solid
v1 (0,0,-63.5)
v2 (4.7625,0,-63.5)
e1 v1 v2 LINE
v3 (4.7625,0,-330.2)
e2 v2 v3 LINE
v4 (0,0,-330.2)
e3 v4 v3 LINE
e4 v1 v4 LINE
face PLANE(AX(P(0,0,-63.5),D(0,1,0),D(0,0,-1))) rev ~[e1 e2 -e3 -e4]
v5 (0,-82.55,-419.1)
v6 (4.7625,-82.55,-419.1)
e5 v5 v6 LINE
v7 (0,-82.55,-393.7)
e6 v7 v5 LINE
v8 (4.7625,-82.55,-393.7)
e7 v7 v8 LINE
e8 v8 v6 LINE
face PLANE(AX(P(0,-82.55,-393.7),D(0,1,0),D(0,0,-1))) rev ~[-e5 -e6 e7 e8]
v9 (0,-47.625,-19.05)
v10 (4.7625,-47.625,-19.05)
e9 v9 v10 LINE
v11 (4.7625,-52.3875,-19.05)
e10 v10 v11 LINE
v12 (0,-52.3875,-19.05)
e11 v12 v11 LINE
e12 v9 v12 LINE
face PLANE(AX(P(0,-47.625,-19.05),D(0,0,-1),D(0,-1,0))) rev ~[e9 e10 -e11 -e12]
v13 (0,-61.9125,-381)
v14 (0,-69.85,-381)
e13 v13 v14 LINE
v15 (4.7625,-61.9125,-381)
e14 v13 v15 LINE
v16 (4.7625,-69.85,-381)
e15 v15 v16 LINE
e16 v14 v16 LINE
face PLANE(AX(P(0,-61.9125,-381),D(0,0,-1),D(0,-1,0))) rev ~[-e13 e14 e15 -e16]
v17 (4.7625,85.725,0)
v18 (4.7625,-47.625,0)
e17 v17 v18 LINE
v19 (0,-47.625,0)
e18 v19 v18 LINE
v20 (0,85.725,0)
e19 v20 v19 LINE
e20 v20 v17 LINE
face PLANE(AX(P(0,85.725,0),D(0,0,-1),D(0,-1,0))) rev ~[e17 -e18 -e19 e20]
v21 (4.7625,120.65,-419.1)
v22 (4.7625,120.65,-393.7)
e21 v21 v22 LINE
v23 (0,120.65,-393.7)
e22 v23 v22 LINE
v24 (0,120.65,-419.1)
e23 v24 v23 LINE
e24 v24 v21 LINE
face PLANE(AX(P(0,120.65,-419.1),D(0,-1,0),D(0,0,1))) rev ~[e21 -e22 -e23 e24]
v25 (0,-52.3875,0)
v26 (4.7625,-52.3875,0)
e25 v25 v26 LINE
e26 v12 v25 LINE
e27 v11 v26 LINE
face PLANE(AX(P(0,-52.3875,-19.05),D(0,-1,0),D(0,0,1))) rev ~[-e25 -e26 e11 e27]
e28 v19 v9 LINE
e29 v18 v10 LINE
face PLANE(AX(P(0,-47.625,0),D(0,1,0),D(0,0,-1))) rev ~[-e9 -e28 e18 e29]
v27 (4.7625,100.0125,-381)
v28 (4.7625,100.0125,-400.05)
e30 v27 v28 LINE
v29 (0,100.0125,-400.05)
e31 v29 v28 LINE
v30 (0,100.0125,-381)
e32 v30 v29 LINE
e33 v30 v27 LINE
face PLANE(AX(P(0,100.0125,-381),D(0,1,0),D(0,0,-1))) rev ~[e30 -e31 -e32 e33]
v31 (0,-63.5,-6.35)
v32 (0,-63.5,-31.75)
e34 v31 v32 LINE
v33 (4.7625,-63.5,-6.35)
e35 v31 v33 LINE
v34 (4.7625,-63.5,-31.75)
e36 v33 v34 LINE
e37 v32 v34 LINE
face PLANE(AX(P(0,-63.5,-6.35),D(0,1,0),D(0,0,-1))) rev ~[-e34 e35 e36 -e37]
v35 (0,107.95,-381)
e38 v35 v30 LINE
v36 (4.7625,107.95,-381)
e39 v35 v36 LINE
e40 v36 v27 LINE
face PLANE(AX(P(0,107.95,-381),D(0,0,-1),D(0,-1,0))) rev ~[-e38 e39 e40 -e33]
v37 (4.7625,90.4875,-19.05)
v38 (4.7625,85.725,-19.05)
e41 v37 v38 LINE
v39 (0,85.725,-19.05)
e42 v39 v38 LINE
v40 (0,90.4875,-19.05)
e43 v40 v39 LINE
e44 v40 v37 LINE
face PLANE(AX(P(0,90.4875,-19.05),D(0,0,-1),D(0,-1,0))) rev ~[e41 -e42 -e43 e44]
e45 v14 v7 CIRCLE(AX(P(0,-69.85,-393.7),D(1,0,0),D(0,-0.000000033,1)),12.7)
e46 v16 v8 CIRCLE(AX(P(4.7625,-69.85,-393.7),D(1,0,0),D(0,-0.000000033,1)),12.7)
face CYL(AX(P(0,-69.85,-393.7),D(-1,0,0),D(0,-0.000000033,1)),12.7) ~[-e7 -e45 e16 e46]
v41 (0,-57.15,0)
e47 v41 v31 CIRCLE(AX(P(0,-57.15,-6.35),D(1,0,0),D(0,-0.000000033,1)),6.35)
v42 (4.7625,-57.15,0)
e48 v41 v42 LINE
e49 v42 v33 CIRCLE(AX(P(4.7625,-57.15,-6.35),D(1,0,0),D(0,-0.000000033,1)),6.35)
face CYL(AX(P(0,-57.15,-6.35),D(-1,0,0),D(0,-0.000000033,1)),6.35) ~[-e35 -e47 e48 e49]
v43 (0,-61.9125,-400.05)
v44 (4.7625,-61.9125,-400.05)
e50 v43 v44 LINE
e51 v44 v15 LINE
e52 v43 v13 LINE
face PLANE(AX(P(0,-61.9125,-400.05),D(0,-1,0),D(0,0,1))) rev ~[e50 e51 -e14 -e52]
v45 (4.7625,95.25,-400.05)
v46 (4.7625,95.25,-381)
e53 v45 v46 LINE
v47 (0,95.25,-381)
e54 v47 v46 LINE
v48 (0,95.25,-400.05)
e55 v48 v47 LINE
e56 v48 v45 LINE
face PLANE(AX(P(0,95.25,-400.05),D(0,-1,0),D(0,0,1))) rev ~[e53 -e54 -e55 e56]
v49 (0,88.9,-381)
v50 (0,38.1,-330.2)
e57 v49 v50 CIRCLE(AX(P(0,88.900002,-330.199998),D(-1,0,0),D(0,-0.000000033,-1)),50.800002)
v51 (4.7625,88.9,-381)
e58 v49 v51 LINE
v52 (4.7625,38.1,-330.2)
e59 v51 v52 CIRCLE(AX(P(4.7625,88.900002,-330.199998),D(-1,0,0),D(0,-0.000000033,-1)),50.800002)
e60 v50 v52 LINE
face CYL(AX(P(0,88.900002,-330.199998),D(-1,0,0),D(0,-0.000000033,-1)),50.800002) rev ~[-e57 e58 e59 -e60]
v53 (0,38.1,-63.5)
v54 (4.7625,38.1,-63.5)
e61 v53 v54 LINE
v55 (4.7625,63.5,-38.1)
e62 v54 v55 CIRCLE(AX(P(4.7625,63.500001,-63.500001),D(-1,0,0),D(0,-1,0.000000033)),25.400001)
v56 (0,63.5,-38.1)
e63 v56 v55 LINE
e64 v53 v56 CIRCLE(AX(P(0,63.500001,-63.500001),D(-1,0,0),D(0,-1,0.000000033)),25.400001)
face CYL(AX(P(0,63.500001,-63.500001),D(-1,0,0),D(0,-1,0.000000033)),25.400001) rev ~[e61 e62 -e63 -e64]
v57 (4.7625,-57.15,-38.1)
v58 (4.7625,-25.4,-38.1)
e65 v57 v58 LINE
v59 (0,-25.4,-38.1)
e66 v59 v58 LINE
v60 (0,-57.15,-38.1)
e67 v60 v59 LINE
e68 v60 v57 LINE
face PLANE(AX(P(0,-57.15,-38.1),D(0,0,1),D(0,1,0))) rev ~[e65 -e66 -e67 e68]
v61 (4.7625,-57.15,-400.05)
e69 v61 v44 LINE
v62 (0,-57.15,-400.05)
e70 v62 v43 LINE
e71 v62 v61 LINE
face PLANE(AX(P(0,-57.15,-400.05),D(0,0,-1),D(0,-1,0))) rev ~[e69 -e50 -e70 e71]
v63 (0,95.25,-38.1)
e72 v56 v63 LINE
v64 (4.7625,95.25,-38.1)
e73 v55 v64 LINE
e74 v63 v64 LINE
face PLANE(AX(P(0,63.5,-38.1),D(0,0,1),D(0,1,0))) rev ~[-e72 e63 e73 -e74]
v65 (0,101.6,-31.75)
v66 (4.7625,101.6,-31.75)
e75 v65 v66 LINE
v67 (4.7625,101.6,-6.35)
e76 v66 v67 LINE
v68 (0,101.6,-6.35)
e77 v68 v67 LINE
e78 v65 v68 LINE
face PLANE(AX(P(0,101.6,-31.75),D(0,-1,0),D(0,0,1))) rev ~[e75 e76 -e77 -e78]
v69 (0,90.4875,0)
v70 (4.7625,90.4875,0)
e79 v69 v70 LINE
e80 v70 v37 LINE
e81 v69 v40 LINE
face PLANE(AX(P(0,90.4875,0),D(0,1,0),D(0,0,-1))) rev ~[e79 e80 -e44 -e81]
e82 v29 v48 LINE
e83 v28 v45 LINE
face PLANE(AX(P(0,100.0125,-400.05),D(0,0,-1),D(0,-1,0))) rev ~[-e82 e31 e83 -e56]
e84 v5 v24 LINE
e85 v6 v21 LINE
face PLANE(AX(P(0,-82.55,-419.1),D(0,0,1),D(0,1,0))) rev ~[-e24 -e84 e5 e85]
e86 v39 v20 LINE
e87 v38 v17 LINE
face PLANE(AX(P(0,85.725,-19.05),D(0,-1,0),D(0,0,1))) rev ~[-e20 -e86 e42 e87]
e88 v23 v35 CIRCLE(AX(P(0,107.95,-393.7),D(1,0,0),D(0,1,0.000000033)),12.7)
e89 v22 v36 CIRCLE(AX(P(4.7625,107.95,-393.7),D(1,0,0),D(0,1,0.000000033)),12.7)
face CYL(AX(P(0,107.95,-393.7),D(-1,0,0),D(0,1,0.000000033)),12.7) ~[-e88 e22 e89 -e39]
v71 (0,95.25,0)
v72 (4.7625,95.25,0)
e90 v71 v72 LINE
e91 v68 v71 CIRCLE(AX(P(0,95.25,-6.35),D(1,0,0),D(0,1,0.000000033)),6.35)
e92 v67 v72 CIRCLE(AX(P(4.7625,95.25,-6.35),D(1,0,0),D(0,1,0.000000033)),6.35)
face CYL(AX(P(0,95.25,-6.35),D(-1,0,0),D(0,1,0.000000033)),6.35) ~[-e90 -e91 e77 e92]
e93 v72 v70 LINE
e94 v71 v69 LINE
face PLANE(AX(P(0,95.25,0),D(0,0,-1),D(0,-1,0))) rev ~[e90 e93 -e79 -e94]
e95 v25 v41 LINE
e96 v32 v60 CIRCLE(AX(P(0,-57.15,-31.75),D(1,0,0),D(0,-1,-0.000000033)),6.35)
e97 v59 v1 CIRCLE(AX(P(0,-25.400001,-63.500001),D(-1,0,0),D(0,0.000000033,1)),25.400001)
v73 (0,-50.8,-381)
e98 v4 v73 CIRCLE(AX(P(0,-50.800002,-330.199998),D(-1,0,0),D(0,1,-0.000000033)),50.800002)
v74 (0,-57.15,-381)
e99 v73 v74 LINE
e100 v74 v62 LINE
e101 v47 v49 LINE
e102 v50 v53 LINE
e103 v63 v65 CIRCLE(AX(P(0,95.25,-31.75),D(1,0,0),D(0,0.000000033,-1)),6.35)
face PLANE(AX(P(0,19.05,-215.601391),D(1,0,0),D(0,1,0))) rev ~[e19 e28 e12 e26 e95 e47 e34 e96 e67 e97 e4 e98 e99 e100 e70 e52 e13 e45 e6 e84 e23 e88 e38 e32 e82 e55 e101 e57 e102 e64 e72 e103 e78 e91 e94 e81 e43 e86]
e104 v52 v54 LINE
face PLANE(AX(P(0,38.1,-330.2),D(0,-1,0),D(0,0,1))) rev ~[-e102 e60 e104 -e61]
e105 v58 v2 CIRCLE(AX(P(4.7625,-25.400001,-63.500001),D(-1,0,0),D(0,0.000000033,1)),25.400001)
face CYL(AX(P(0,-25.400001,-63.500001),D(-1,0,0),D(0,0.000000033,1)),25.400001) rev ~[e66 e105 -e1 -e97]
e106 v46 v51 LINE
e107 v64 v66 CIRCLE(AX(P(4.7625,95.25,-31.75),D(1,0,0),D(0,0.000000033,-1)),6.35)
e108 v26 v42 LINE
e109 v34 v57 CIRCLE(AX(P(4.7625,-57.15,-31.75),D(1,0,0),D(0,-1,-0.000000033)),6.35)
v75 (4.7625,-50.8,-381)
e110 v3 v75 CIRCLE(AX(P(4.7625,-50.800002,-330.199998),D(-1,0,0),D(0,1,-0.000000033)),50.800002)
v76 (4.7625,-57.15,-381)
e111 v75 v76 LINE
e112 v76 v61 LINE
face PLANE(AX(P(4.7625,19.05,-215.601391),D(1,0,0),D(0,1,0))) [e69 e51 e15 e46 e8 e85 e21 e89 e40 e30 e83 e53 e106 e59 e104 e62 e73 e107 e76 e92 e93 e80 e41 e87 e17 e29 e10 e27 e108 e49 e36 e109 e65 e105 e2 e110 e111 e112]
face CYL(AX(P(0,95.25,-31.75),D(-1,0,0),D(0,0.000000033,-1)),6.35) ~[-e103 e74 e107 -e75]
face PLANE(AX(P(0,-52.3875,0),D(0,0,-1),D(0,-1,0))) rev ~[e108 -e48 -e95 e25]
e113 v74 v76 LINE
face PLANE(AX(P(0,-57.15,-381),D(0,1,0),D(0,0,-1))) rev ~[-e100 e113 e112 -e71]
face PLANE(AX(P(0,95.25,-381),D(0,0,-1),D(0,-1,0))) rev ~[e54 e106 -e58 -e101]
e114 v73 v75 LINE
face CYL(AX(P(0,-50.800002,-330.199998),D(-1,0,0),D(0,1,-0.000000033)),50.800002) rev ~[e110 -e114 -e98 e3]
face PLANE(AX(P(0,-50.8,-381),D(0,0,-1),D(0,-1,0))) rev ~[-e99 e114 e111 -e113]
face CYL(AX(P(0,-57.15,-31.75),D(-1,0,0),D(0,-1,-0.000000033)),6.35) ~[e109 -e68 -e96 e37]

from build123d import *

# Parameters (mm, degrees)
F1_DEPTH = 4.7625


with BuildPart() as f1:
    # F0 (on Right) → F1 (new body)
    with BuildSketch(Plane.YZ):
        with BuildLine():
            Line((38.1, 0), (0, 0))
            Line((0, 0), (-47.625, 0))
            Line((-47.625, 0), (-47.625, -19.05))
            Line((-47.625, -19.05), (-52.3875, -19.05))
            Line((-52.3875, -19.05), (-52.3875, 0))
            Line((-52.3875, 0), (-57.15, 0))
            ThreePointArc((-57.15, 0), (-61.640128, -1.859872), (-63.5, -6.35))
            Line((-63.5, -6.35), (-63.5, -31.75))
            ThreePointArc((-63.5, -31.75), (-61.640128, -36.240128), (-57.15, -38.1))
            Line((-57.15, -38.1), (-25.4, -38.1))
            ThreePointArc((-25.4, -38.1), (-7.439488, -45.539488), (0, -63.5))
            Line((0, -63.5), (0, -330.2))
            ThreePointArc((0, -330.2), (-14.878976, -366.121024), (-50.8, -381))
            Line((-50.8, -381), (-57.15, -381))
            Line((-57.15, -381), (-57.15, -400.05))
            Line((-57.15, -400.05), (-61.9125, -400.05))
            Line((-61.9125, -400.05), (-61.9125, -381))
            Line((-61.9125, -381), (-69.85, -381))
            ThreePointArc((-69.85, -381), (-78.830256, -384.719744), (-82.55, -393.7))
            Line((-82.55, -393.7), (-82.55, -419.1))
            Line((-82.55, -419.1), (0, -419.1))
            Line((0, -419.1), (38.1, -419.1))
            Line((38.1, -419.1), (120.65, -419.1))
            Line((120.65, -419.1), (120.65, -393.7))
            ThreePointArc((120.65, -393.7), (116.930256, -384.719744), (107.95, -381))
            Line((107.95, -381), (100.0125, -381))
            Line((100.0125, -381), (100.0125, -400.05))
            Line((100.0125, -400.05), (95.25, -400.05))
            Line((95.25, -400.05), (95.25, -381))
            Line((95.25, -381), (88.9, -381))
            ThreePointArc((88.9, -381), (52.978976, -366.121024), (38.1, -330.2))
            Line((38.1, -330.2), (38.1, -63.5))
            ThreePointArc((38.1, -63.5), (45.539488, -45.539488), (63.5, -38.1))
            Line((63.5, -38.1), (95.25, -38.1))
            ThreePointArc((95.25, -38.1), (99.740128, -36.240128), (101.6, -31.75))
            Line((101.6, -31.75), (101.6, -6.35))
            ThreePointArc((101.6, -6.35), (99.740128, -1.859872), (95.25, 0))
            Line((95.25, 0), (90.4875, 0))
            Line((90.4875, 0), (90.4875, -19.05))
            Line((90.4875, -19.05), (85.725, -19.05))
            Line((85.725, -19.05), (85.725, 0))
            Line((85.725, 0), (38.1, 0))
        make_face()
    extrude(amount=F1_DEPTH)


solid = f1.part
